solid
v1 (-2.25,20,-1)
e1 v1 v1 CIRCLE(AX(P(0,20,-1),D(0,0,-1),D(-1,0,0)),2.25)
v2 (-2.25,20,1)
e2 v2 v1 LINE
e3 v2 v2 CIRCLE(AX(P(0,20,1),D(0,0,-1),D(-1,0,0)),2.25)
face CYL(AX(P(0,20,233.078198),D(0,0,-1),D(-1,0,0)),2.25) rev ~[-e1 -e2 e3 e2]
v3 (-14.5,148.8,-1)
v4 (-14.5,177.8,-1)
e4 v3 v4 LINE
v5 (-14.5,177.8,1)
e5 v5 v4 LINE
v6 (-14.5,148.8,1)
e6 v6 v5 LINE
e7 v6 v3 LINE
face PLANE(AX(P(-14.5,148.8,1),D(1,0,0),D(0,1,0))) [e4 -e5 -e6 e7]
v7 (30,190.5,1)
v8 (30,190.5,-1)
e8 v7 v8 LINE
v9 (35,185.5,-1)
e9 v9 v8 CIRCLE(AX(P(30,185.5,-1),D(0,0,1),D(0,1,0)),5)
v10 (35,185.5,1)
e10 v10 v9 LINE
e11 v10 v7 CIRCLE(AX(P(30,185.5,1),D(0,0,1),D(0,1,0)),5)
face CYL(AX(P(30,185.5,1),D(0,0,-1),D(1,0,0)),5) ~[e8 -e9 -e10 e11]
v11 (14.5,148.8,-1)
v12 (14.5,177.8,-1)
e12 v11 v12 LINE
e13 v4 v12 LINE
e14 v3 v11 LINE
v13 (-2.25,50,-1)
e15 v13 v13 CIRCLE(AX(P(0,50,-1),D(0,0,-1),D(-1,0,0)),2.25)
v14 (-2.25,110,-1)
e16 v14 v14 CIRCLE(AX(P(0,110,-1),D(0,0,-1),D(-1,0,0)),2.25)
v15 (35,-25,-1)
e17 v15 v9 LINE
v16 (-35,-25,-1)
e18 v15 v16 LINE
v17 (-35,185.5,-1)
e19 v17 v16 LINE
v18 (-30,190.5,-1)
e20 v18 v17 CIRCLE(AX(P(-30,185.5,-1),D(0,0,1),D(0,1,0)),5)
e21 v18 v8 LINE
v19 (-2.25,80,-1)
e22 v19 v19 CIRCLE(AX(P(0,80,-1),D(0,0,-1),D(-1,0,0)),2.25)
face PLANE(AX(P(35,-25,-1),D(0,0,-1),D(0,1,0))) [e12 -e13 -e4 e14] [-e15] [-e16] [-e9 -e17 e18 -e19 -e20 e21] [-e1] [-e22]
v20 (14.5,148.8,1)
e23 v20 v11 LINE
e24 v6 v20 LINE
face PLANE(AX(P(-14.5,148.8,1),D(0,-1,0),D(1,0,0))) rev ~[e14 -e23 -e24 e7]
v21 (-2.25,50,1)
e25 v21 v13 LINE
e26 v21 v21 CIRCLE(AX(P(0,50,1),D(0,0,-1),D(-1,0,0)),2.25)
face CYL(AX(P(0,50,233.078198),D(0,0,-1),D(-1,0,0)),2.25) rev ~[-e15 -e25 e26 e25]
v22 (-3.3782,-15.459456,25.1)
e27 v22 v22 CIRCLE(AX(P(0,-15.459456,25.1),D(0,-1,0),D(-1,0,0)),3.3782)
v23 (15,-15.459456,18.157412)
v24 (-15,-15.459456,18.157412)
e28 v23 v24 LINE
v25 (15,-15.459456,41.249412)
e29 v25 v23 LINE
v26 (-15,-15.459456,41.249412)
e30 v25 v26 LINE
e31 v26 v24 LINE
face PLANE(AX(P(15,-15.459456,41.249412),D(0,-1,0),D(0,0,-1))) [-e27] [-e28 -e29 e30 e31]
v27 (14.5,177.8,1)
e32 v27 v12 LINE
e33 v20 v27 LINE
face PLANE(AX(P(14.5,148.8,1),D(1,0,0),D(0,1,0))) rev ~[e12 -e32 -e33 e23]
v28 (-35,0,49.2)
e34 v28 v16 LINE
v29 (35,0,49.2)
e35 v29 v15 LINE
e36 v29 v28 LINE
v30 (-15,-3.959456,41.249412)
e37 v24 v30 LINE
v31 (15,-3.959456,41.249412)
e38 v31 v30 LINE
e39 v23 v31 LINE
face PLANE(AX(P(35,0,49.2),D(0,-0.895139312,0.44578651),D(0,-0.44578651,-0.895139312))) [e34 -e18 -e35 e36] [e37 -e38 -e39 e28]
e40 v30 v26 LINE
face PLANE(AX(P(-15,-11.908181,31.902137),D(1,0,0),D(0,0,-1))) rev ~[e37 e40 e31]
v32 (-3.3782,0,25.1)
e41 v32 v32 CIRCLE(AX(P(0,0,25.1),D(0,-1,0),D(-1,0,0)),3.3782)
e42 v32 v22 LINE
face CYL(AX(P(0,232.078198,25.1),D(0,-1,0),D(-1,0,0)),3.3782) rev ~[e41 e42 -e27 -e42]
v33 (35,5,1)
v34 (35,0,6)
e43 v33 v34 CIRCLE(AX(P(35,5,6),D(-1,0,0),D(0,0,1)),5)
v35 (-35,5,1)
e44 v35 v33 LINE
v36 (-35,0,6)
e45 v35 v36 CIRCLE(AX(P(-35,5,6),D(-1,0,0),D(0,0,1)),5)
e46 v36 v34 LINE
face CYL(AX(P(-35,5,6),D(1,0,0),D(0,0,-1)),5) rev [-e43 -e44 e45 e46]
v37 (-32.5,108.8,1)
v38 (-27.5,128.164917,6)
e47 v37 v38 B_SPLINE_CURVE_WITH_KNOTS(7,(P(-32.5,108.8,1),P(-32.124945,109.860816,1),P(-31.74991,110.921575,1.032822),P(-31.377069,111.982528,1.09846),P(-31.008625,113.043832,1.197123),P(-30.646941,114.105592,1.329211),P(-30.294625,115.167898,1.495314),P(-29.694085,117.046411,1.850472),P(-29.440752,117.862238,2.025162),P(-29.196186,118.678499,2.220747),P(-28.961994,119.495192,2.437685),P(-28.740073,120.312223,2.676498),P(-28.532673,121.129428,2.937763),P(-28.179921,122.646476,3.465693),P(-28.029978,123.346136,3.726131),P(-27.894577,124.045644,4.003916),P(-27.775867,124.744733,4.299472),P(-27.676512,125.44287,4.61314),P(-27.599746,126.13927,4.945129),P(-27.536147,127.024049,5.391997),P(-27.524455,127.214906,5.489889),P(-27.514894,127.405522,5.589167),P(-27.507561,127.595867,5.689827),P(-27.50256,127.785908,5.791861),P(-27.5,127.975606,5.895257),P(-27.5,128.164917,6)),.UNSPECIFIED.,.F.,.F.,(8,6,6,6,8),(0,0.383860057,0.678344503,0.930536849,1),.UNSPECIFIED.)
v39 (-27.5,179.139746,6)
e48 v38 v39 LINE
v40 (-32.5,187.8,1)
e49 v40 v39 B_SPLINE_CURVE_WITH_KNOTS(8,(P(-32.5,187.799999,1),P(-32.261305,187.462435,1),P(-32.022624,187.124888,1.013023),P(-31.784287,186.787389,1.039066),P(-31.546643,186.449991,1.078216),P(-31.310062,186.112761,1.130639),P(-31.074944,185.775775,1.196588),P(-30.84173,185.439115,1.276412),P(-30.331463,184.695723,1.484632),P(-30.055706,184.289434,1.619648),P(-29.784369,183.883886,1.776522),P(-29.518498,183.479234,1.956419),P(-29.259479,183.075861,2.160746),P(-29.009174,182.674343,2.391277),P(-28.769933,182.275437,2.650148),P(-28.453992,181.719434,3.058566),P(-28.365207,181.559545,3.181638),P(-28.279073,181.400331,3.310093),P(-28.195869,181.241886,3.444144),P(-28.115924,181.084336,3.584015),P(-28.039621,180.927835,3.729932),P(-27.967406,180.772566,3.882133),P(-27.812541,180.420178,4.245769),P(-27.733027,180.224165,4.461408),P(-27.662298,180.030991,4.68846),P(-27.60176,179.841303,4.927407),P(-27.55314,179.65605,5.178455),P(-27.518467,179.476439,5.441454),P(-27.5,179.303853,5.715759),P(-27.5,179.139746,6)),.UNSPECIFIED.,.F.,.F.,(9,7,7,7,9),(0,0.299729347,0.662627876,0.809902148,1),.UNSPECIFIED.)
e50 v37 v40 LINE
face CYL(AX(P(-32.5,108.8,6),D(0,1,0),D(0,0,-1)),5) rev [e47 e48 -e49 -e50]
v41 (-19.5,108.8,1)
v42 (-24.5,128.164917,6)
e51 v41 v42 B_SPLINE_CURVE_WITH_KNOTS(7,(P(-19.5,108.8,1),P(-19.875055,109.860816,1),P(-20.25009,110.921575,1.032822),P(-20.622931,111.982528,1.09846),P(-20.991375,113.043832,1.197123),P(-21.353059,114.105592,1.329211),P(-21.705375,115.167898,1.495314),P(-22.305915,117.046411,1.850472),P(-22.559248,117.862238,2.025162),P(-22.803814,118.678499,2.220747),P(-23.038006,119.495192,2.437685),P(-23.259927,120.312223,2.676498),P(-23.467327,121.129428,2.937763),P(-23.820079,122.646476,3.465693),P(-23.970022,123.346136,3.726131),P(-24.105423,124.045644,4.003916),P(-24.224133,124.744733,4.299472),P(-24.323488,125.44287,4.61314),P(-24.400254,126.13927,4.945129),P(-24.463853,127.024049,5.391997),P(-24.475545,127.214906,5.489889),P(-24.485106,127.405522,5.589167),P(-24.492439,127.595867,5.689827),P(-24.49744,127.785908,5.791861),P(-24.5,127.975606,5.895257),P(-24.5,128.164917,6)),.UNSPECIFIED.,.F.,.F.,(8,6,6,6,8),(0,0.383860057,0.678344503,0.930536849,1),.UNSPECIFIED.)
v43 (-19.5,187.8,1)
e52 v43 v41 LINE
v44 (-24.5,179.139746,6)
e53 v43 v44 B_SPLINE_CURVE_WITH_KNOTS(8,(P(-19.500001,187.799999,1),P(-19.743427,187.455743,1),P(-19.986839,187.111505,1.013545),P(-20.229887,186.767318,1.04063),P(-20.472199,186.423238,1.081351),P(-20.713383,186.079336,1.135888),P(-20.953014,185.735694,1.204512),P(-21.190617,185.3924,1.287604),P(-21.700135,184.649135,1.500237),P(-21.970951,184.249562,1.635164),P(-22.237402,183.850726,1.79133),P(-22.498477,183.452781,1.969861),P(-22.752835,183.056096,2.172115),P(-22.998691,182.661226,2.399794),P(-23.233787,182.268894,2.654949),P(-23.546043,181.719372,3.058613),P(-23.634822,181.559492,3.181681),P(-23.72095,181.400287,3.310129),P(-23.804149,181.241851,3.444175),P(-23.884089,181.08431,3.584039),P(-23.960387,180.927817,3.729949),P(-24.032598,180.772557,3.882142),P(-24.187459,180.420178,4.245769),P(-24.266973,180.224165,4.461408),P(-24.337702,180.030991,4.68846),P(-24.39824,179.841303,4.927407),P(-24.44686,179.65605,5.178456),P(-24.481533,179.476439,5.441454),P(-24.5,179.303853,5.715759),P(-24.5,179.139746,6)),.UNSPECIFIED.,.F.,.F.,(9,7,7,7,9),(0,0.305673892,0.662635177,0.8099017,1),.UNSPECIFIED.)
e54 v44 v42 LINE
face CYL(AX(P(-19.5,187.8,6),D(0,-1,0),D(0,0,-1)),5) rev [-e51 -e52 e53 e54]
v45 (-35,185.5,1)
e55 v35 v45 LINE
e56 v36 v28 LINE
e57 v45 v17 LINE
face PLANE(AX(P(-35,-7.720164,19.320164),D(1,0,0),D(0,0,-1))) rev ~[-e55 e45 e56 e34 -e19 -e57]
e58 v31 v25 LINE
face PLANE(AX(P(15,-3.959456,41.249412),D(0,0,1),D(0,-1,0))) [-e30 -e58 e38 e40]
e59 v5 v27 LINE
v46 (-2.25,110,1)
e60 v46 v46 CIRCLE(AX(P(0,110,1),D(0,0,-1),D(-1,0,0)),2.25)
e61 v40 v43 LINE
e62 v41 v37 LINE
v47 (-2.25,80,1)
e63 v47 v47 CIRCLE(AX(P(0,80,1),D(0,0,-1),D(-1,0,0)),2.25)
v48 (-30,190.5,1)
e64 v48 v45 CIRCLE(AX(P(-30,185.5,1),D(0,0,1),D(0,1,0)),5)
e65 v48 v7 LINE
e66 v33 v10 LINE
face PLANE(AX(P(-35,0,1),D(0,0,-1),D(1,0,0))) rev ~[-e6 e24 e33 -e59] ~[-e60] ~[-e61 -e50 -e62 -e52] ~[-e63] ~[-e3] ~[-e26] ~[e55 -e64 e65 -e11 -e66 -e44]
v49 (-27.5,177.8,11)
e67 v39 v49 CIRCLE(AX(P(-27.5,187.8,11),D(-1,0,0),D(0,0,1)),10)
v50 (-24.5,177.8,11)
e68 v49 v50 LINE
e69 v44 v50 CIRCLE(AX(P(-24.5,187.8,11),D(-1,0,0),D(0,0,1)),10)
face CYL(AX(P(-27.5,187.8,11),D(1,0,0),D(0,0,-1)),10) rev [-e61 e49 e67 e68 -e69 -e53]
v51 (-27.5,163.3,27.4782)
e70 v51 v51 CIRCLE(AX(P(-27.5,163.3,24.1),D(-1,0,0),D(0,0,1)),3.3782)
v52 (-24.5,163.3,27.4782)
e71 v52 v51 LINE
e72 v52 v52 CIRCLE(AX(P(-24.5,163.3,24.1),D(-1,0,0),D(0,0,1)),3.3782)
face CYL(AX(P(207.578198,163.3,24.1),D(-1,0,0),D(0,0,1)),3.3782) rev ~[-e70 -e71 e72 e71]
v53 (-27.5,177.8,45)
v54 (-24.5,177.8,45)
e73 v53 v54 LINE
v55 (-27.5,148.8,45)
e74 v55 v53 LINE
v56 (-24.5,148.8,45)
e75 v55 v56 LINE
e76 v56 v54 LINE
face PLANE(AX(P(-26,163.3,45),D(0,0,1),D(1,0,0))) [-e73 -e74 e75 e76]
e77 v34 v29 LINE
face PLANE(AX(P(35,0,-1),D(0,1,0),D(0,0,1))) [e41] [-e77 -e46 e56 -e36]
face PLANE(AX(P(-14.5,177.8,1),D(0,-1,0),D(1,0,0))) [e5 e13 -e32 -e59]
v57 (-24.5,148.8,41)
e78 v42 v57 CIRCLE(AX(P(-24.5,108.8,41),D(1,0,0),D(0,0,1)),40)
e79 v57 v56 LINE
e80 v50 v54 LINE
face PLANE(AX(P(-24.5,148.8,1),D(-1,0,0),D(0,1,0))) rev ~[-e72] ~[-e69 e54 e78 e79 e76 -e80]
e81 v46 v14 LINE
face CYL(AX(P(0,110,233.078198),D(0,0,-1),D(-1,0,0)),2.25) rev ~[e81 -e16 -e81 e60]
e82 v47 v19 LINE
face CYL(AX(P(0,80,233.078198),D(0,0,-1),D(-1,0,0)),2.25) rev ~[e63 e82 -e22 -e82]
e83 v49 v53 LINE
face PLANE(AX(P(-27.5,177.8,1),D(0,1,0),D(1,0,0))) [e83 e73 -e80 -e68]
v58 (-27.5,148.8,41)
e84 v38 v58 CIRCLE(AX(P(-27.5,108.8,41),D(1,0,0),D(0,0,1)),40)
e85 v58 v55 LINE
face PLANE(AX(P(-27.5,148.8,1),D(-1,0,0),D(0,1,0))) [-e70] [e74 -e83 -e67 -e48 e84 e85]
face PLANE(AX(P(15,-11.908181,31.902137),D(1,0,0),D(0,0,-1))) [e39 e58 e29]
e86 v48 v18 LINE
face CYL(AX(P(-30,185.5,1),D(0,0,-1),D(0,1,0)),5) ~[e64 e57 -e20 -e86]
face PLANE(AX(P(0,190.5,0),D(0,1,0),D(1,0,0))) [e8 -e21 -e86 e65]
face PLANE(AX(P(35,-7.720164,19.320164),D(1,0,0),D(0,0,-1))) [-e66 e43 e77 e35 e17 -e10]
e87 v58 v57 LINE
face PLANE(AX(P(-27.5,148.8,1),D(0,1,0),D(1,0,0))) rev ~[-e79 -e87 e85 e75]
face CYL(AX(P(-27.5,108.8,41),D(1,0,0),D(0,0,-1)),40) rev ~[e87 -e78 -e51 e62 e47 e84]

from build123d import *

# Parameters (mm, degrees)
SKETCH1_W                = 70
SKETCH1_H                = 2
BOSS_EXTRUDE1_DEPTH      = 190.5
BOSS_EXTRUDE2_DEPTH      = 70
SKETCH4_W                = 3
SKETCH4_H                = 29
BOSS_EXTRUDE3_DEPTH      = 44
FILLET1_R                = 40
FILLET2_R                = 10
FILLET3_R                = 5
BOSS_EXTRUDE4_DEPTH      = 15
BOSS_EXTRUDE4_DEPTH_BACK = 15
F_1_4_CLEARANCE_HOLE2_D  = 6.7564
F_1_4_CLEARANCE_HOLE3_D  = 6.7564
M4_CLEARANCE_HOLE1_D     = 4.5
FILLET6_R                = 5
SKETCH23_W               = 29
SKETCH23_H               = 29
CUT_EXTRUDE1_DEPTH       = 2
FILLET7_R                = 5
FILLET8_R                = 5
FILLET9_R                = 5


with BuildPart() as part:
    # Sketch1 → Boss-Extrude1 (new body)
    with BuildSketch(Plane(origin=(0, 0, 0), x_dir=(1, 0, 0), z_dir=(0, 1, 0))):
        Rectangle(SKETCH1_W, SKETCH1_H)
    extrude(amount=BOSS_EXTRUDE1_DEPTH)

    # Sketch3 → Boss-Extrude2 (add)
    with BuildSketch(Plane(origin=(35, 0, 0), x_dir=(0, 0, -1), z_dir=(1, 0, 0))):
        Polygon((1, 0), (-49.2, 0), (1, -25), align=None)
    extrude(amount=-BOSS_EXTRUDE2_DEPTH)

    # Sketch4 → Boss-Extrude3 (add)
    with BuildSketch(Plane.XY.offset(1)):
        with Locations((-26, 163.3)):
            Rectangle(SKETCH4_W, SKETCH4_H)
    extrude(amount=BOSS_EXTRUDE3_DEPTH)

    # Fillet1
    fillet1_edges = [part.edges().sort_by_distance(p)[0] for p in [
        (-26, 148.8, 1),
    ]]
    fillet(fillet1_edges, radius=FILLET1_R)

    # Fillet2
    fillet2_edges = [part.edges().sort_by_distance(p)[0] for p in [
        (-26, 177.8, 1),
    ]]
    fillet(fillet2_edges, radius=FILLET2_R)

    # Fillet3
    fillet3_edges = [part.edges().sort_by_distance(p)[0] for p in [
        (-27.5, 148.3, 1),
    ]]
    fillet(fillet3_edges, radius=FILLET3_R)

    # Sketch9 → Boss-Extrude4 (add, two sides: drawn at the far end of the back side and taken through both)
    with BuildSketch(Plane.ZY.offset(-BOSS_EXTRUDE4_DEPTH_BACK)):
        Polygon((41.249412395, -3.959455979), (41.249412395, -15.459455979), (18.157412395, -15.459455979), align=None)
    extrude(amount=BOSS_EXTRUDE4_DEPTH + BOSS_EXTRUDE4_DEPTH_BACK)

    # 1/4 Clearance Hole2 (through all)
    with Locations(Plane(origin=(0, 0, 0), x_dir=(1, 0, 0), z_dir=(0, 1, 0))):
        with Locations((0, -25.1)):
            Hole(F_1_4_CLEARANCE_HOLE2_D / 2)

    # 1/4 Clearance Hole3 (through all)
    with Locations(Plane(origin=(-24.5, 0, 0), x_dir=(0, 0, -1), z_dir=(1, 0, 0))):
        with Locations((-24.1, 163.3)):
            Hole(F_1_4_CLEARANCE_HOLE3_D / 2)

    # M4 Clearance Hole1 (through all)
    with Locations(Plane.XY.offset(1)):
        with Locations((0, 20), (0, 50), (0, 80), (0, 110)):
            Hole(M4_CLEARANCE_HOLE1_D / 2)

    # Fillet6
    fillet6_edges = [part.edges().sort_by_distance(p)[0] for p in [
        (0, 0, 1),
    ]]
    fillet(fillet6_edges, radius=FILLET6_R)

    # Sketch23 → Cut-Extrude1 (cut)
    with BuildSketch(Plane.XY.offset(1)):
        with Locations((0, 163.3)):
            Rectangle(SKETCH23_W, SKETCH23_H)
    extrude(amount=-CUT_EXTRUDE1_DEPTH, mode=Mode.SUBTRACT)

    # Fillet7
    fillet7_edges = [part.edges().sort_by_distance(p)[0] for p in [
        (-24.5, 148.3, 1),
    ]]
    fillet(fillet7_edges, radius=FILLET7_R)

    # Fillet8
    fillet8_edges = [part.edges().sort_by_distance(p)[0] for p in [
        (35, 190.5, 0),
    ]]
    fillet(fillet8_edges, radius=FILLET8_R)

    # Fillet9
    fillet9_edges = [part.edges().sort_by_distance(p)[0] for p in [
        (-35, 190.5, 0),
    ]]
    fillet(fillet9_edges, radius=FILLET9_R)


solid = part.part
